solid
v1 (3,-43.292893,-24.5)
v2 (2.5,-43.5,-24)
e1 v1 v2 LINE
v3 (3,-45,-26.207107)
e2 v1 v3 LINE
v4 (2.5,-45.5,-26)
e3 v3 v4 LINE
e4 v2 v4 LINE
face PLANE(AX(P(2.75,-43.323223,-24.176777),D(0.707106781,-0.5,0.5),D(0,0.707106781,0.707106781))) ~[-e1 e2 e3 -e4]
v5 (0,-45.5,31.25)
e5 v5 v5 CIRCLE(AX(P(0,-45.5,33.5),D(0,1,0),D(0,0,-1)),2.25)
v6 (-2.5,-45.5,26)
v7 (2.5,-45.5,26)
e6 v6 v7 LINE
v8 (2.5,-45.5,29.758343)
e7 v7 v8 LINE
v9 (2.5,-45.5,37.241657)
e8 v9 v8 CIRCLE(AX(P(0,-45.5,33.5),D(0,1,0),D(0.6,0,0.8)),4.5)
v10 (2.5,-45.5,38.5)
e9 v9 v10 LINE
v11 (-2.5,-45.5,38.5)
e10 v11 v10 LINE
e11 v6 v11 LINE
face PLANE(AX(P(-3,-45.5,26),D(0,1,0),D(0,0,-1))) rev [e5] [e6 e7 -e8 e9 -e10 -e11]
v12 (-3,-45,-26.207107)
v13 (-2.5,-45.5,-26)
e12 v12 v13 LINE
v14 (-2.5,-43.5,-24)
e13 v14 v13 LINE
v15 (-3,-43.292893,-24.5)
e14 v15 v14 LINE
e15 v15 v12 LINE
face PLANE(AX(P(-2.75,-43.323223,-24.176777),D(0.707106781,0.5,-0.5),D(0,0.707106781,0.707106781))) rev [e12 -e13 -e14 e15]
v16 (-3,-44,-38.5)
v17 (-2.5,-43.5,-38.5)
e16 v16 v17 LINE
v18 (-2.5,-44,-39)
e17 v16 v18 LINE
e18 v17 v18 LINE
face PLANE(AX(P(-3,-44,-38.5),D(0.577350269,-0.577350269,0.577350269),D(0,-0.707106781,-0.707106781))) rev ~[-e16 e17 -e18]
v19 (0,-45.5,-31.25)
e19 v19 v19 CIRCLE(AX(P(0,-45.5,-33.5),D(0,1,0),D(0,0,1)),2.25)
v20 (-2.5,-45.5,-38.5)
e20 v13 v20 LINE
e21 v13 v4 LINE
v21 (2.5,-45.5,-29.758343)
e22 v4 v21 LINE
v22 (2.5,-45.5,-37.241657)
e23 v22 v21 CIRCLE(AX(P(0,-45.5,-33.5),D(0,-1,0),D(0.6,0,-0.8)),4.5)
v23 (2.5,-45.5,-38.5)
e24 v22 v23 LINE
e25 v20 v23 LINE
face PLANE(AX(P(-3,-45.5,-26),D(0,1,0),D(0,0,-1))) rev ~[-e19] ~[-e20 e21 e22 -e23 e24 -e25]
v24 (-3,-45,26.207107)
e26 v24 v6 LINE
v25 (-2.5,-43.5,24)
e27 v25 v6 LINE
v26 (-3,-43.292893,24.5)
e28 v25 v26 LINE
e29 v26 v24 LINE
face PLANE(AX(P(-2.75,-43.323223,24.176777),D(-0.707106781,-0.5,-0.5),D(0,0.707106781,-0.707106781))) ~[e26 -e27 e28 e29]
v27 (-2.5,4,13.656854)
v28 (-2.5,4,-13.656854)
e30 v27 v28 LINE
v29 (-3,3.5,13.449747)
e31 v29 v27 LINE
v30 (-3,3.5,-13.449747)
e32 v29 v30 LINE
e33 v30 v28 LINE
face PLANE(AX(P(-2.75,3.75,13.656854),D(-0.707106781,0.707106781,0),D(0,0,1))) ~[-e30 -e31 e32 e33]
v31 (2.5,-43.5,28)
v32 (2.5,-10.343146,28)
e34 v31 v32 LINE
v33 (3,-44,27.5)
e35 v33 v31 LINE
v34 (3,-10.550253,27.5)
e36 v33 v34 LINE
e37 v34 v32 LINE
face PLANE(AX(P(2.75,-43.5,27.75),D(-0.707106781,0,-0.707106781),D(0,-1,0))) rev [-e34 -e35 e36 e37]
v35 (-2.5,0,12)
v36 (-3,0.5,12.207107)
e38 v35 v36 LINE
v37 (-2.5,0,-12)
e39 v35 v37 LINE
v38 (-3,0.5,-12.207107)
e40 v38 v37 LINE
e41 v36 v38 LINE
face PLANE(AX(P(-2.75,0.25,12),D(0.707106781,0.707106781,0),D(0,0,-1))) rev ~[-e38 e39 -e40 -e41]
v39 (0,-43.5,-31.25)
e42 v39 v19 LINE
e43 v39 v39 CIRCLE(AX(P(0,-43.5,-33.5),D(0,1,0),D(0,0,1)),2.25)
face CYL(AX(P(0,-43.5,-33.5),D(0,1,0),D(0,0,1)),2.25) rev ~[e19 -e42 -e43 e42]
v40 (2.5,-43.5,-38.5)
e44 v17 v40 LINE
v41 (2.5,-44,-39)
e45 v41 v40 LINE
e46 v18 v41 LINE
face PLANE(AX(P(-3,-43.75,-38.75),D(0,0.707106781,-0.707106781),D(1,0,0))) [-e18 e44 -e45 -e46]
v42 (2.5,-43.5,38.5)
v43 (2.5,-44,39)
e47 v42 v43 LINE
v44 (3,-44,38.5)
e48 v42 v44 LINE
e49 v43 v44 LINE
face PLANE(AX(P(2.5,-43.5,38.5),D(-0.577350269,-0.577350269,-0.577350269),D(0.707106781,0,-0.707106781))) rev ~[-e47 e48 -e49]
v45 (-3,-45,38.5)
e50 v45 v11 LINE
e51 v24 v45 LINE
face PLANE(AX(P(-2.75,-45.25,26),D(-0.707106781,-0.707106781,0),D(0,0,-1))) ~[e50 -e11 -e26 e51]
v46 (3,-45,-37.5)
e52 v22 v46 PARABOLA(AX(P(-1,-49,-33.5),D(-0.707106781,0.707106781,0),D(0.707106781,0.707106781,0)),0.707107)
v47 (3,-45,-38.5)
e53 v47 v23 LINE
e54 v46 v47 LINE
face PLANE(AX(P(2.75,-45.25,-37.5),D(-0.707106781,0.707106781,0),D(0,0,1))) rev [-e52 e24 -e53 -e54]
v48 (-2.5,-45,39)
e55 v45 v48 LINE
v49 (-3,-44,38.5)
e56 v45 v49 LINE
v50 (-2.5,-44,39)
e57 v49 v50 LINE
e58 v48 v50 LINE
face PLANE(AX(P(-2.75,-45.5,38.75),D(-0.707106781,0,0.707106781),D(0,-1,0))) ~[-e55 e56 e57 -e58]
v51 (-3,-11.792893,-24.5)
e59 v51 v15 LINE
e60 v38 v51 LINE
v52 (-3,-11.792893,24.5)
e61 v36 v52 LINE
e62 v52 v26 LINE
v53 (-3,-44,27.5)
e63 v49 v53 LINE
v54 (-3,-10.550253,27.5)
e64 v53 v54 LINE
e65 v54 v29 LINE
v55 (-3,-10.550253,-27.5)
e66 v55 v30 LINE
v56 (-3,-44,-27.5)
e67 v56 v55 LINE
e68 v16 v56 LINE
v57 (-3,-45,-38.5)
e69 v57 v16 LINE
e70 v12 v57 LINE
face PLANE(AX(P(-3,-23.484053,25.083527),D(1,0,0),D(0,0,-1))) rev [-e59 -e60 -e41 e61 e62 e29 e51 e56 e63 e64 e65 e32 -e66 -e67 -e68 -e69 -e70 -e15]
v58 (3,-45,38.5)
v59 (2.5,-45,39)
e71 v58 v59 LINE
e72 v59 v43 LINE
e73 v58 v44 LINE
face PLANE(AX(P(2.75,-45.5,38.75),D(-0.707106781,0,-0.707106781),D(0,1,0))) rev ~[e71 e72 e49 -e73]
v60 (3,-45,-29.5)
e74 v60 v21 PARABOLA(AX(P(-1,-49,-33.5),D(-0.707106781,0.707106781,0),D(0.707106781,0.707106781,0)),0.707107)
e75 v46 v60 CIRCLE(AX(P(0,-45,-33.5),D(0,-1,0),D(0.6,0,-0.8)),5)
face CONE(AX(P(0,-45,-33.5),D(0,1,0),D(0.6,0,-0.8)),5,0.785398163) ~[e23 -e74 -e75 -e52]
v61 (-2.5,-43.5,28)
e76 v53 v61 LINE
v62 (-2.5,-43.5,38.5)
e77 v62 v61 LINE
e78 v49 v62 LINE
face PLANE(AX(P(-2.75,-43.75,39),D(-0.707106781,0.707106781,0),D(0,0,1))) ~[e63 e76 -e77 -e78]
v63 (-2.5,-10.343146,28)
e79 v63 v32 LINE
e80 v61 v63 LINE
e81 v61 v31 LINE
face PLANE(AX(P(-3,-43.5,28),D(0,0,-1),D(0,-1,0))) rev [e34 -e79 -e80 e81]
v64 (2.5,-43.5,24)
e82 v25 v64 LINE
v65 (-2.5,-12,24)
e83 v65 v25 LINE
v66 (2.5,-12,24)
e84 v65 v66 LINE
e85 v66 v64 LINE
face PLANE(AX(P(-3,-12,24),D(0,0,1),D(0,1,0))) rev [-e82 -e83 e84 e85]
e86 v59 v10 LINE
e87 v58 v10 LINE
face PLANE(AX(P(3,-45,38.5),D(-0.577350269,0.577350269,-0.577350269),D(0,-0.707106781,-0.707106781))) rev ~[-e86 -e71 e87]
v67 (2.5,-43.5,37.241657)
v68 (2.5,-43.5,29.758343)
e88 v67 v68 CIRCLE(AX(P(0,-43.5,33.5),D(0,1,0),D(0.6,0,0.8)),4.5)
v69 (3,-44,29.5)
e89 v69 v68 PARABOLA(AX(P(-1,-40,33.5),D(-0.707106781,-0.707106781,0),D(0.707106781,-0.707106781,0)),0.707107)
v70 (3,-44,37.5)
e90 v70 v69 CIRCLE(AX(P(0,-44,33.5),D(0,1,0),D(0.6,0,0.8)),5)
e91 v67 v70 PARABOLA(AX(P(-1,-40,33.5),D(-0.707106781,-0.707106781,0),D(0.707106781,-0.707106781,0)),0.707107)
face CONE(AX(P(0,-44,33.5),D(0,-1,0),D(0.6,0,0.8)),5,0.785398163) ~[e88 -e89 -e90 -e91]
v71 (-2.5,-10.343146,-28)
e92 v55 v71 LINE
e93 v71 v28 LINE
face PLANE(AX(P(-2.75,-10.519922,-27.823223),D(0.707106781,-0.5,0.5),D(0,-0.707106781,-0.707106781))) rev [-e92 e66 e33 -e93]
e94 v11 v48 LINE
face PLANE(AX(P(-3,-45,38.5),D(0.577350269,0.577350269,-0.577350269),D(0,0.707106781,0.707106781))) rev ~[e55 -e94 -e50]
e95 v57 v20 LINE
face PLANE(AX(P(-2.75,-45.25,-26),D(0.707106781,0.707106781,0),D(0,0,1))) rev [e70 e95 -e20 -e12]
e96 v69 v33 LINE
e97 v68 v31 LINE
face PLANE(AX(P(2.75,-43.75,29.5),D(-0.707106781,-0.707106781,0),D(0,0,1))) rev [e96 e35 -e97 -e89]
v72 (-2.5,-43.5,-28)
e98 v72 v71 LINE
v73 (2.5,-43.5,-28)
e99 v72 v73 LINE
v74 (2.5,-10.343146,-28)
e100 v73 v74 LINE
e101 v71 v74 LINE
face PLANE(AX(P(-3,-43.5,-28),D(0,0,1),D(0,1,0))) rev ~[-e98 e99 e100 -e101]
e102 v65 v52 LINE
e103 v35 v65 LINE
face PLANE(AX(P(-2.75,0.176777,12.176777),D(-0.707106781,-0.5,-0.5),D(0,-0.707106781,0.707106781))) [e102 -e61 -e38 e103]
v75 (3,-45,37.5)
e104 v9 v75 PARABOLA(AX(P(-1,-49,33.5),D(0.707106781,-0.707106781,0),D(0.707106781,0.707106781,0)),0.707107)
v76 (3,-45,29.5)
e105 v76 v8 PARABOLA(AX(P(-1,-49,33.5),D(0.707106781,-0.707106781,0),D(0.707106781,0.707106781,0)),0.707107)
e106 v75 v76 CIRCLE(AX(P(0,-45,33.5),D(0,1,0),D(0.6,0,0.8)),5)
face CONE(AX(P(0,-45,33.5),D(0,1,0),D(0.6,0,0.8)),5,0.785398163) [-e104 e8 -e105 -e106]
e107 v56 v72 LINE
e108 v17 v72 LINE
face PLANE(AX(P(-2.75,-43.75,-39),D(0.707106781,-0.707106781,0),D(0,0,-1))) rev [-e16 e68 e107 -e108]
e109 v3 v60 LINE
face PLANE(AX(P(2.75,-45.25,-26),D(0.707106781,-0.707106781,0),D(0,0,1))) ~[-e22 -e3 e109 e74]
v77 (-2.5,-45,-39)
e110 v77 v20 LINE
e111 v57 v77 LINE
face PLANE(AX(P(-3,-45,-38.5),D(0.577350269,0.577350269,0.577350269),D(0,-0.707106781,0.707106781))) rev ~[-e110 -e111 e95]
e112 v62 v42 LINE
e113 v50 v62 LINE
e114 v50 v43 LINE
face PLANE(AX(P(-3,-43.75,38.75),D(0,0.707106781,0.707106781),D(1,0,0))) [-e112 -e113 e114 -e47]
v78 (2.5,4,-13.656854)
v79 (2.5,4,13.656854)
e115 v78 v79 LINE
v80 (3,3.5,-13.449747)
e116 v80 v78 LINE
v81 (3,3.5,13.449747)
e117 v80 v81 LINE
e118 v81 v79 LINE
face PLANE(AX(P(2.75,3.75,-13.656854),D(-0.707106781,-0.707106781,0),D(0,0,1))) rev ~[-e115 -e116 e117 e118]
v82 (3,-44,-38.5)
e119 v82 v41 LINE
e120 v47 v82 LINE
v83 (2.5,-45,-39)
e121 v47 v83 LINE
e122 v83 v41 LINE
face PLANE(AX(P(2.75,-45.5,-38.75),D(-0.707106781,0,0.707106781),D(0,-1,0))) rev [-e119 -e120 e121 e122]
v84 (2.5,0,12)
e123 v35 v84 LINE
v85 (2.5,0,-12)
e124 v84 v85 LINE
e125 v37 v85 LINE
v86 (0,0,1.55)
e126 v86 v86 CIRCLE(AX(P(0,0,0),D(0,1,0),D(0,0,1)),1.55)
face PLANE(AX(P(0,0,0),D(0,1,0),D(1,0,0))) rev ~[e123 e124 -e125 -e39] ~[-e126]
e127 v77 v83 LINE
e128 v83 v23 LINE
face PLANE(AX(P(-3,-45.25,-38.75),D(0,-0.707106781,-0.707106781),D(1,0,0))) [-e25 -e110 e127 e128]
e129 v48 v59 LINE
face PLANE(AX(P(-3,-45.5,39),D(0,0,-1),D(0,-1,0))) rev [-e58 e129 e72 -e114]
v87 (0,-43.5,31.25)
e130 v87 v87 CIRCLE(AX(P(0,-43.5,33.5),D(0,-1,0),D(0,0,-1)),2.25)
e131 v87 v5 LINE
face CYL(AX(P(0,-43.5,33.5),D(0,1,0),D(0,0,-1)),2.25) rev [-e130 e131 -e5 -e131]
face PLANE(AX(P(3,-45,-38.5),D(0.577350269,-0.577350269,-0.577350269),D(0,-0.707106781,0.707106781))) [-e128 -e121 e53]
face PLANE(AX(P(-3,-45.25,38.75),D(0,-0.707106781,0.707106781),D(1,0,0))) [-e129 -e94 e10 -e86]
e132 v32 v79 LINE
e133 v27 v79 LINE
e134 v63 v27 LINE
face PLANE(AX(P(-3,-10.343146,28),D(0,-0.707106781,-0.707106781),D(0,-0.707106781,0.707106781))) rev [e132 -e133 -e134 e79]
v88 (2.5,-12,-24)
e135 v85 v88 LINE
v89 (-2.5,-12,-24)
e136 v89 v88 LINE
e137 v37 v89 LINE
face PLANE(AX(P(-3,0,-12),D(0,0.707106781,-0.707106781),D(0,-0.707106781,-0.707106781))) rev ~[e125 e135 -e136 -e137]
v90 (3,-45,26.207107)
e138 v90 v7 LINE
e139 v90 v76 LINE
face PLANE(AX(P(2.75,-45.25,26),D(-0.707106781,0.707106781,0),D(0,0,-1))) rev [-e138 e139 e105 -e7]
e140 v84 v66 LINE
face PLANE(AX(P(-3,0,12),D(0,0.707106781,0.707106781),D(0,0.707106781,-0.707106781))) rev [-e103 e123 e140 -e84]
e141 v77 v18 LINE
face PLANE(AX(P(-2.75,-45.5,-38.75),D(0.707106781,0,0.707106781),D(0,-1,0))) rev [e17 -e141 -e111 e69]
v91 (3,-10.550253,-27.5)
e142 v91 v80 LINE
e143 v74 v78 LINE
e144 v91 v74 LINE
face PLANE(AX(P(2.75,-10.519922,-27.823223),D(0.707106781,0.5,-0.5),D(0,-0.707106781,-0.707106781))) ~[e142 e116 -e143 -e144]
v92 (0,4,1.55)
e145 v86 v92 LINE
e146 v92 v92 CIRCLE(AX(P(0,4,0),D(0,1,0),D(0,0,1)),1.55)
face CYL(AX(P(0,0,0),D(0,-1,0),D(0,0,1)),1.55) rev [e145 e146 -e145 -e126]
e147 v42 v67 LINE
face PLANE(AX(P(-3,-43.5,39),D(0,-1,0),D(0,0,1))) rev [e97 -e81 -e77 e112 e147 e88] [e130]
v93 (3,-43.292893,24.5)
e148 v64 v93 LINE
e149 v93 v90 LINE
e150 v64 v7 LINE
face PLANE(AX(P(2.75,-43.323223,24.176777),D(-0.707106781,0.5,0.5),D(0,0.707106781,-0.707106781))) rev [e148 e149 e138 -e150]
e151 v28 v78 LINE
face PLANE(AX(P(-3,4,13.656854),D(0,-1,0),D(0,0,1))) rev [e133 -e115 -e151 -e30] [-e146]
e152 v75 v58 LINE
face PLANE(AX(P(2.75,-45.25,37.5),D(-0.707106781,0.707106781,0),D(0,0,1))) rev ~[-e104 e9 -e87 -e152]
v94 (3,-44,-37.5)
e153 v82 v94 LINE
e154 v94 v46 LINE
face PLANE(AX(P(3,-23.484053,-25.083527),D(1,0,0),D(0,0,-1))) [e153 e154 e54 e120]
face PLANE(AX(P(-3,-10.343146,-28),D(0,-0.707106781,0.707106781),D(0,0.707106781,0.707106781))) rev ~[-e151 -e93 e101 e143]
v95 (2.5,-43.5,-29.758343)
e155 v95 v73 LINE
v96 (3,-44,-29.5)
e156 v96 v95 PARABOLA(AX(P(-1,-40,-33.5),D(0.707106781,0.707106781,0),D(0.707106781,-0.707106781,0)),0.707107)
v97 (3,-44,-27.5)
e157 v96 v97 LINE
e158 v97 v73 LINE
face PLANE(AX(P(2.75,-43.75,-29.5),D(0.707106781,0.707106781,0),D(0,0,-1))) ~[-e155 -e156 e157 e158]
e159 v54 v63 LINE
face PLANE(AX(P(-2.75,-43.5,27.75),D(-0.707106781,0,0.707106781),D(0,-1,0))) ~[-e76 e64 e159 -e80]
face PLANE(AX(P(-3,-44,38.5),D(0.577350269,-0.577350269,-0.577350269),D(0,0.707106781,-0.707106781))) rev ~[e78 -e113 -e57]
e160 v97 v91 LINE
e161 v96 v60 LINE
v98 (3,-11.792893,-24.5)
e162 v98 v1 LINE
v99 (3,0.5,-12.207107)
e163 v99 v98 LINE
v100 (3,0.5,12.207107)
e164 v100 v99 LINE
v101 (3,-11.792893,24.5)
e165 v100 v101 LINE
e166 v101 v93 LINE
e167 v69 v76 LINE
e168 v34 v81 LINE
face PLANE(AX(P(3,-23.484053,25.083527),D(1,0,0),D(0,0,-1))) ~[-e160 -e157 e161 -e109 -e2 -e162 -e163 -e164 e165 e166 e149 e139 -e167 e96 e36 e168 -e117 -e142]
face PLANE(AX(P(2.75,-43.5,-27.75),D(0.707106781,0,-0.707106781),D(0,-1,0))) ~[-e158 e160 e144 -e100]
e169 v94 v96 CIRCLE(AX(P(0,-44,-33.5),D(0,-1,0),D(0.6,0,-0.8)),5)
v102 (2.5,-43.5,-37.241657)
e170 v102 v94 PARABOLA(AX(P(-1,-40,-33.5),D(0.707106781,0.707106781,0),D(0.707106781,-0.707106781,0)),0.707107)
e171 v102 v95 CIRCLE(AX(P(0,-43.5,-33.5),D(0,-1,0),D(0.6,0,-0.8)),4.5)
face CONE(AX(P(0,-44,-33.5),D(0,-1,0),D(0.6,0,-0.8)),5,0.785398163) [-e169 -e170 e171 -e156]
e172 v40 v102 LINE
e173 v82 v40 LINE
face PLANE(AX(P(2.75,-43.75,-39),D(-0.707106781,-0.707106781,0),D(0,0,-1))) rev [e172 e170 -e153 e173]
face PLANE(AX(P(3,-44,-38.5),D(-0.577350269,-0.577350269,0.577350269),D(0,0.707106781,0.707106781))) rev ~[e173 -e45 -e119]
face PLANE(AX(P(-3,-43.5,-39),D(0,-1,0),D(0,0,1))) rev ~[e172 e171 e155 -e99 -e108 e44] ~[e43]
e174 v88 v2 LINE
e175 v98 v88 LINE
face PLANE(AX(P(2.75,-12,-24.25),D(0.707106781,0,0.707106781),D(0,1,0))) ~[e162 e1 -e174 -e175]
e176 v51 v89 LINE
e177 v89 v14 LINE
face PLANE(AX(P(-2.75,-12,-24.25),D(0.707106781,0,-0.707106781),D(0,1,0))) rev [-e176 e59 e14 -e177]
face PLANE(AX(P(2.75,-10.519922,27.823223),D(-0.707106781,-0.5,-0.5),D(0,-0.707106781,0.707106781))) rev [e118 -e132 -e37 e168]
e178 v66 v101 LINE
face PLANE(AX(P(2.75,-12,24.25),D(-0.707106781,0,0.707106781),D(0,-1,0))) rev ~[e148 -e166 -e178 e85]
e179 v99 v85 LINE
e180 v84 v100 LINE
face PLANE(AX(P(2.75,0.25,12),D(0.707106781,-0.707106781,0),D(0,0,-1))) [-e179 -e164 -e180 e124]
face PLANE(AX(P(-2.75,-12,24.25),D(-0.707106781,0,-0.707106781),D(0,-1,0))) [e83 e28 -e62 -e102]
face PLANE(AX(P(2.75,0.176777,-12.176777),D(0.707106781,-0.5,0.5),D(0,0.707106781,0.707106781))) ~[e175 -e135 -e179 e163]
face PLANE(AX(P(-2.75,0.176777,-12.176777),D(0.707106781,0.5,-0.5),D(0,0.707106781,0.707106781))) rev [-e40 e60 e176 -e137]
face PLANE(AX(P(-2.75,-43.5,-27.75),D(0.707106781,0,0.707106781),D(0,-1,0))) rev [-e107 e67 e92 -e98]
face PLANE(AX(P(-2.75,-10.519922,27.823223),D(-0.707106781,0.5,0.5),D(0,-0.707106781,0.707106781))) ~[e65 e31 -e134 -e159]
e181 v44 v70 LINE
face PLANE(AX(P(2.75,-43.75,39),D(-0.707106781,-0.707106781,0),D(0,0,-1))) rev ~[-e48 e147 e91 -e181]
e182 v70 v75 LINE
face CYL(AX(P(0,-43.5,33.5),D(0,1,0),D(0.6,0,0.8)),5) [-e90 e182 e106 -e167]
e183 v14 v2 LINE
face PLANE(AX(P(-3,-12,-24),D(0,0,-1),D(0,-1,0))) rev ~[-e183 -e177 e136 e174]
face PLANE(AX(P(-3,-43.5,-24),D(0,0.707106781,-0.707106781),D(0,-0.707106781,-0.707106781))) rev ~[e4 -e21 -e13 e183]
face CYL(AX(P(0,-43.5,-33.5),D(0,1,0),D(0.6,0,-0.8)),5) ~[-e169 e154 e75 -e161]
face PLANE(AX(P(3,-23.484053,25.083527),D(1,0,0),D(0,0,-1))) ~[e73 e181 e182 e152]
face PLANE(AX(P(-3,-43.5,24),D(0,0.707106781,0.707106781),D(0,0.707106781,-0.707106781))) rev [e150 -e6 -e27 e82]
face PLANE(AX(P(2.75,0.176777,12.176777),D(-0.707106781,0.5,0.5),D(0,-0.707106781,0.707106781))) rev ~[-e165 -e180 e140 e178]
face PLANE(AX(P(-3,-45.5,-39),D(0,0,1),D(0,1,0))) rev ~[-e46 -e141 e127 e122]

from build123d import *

# Parameters (mm, degrees)
SKETCH1_W           = 6
SKETCH1_H           = 24
SKETCH1_R           = 1.55
BOSS_EXTRUDE1_DEPTH = 4
BOSS_EXTRUDE2_DEPTH = 6
SKETCH3_R           = 2.25
CUT_EXTRUDE1_DEPTH  = 62.532511732
BOSS_EXTRUDE3_DEPTH = 2
CHAMFER1_SIZE       = 0.5


with BuildPart() as part:
    # Sketch1 → Boss-Extrude1 (new body)
    with BuildSketch(Plane(origin=(0, 0, 0), x_dir=(1, 0, 0), z_dir=(0, 1, 0))):
        Rectangle(SKETCH1_W, SKETCH1_H)
        with Locations(Location((0, 0, 0), (0, 0, 270))):
            Circle(SKETCH1_R, mode=Mode.SUBTRACT)
    extrude(amount=BOSS_EXTRUDE1_DEPTH)

    # Sketch2 → Boss-Extrude2 (add)
    with BuildSketch(Plane.ZY.offset(3)):
        Polygon((-12, 0), (-24, -12), (-24, -43.5), (-26, -45.5), (-39, -45.5), (-39, -43.5), (-28, -43.5), (-28, -10.343145751), (-13.656854249, 4), (-12, 4), align=None)
    boss_extrude2 = extrude(amount=-BOSS_EXTRUDE2_DEPTH)

    # Sketch3 → Cut-Extrude1 (cut, through all)
    with BuildSketch(Plane(origin=(0, -43.5, 0), x_dir=(1, 0, 0), z_dir=(0, 1, 0))):
        with Locations(Location((0, 33.5, 0), (0, 0, 270))):
            Circle(SKETCH3_R)
    cut_extrude1 = extrude(amount=-CUT_EXTRUDE1_DEPTH, mode=Mode.SUBTRACT)

    # Sketch4 → Boss-Extrude3 (add)
    with BuildSketch(Plane(origin=(0, -43.5, 0), x_dir=(1, 0, 0), z_dir=(0, 1, 0))):
        with BuildLine():
            Line((3, 29.5), (3, 37.5))
            ThreePointArc((3, 37.5), (5, 33.5), (3, 29.5))
        make_face()
    boss_extrude3 = extrude(amount=-BOSS_EXTRUDE3_DEPTH)

    # Mirror1: Boss-Extrude2, Cut-Extrude1, Boss-Extrude3 across plane
    add(boss_extrude2.mirror(Plane.XY))
    add(cut_extrude1.mirror(Plane.XY), mode=Mode.SUBTRACT)
    add(boss_extrude3.mirror(Plane.XY))

    # Chamfer1
    chamfer1_edges = [part.edges().sort_by_distance(p)[0] for p in [
        (-3, 4, 0),
        (0, -45.5, -39),
        (0, -43.5, -39),
        (-3, -3.171572875, -20.828427125),
        (-3, -26.921572875, -28),
        (-3, -43.5, -33.5),
        (-3, -44.5, -39),
        (-3, -45.5, -32.5),
        (-3, -44.5, -25),
        (-3, -27.75, -24),
        (-3, -6, -18),
        (3, -6, -18),
        (3, -27.75, -24),
        (3, -44.5, -25),
        (3, -45.5, -27.75),
        (3, -44.5, -39),
        (3, -43.5, -38.25),
        (3, -26.921572875, -28),
        (3, -3.171572875, -20.828427125),
        (3, -43.5, -28.75),
        (3, -45.5, -38.25),
        (5, -43.5, -33.5),
        (5, -45.5, -33.5),
        (3, 4, 0),
        (-3, 0, 0),
        (3, -6, 18),
        (-3, -6, 18),
        (3, -27.75, 24),
        (-3, -27.75, 24),
        (3, -44.5, 25),
        (-3, -44.5, 25),
        (3, -45.5, 27.75),
        (0, -45.5, 39),
        (-3, -45.5, 32.5),
        (3, -44.5, 39),
        (0, -43.5, 39),
        (-3, -44.5, 39),
        (3, -43.5, 38.25),
        (-3, -43.5, 33.5),
        (3, -26.921572875, 28),
        (-3, -26.921572875, 28),
        (3, -3.171572875, 20.828427125),
        (-3, -3.171572875, 20.828427125),
        (3, 0, 0),
        (3, -43.5, 28.75),
        (3, -45.5, 38.25),
        (5, -43.5, 33.5),
        (5, -45.5, 33.5),
    ]]
    chamfer(chamfer1_edges, length=CHAMFER1_SIZE)


solid = part.part
